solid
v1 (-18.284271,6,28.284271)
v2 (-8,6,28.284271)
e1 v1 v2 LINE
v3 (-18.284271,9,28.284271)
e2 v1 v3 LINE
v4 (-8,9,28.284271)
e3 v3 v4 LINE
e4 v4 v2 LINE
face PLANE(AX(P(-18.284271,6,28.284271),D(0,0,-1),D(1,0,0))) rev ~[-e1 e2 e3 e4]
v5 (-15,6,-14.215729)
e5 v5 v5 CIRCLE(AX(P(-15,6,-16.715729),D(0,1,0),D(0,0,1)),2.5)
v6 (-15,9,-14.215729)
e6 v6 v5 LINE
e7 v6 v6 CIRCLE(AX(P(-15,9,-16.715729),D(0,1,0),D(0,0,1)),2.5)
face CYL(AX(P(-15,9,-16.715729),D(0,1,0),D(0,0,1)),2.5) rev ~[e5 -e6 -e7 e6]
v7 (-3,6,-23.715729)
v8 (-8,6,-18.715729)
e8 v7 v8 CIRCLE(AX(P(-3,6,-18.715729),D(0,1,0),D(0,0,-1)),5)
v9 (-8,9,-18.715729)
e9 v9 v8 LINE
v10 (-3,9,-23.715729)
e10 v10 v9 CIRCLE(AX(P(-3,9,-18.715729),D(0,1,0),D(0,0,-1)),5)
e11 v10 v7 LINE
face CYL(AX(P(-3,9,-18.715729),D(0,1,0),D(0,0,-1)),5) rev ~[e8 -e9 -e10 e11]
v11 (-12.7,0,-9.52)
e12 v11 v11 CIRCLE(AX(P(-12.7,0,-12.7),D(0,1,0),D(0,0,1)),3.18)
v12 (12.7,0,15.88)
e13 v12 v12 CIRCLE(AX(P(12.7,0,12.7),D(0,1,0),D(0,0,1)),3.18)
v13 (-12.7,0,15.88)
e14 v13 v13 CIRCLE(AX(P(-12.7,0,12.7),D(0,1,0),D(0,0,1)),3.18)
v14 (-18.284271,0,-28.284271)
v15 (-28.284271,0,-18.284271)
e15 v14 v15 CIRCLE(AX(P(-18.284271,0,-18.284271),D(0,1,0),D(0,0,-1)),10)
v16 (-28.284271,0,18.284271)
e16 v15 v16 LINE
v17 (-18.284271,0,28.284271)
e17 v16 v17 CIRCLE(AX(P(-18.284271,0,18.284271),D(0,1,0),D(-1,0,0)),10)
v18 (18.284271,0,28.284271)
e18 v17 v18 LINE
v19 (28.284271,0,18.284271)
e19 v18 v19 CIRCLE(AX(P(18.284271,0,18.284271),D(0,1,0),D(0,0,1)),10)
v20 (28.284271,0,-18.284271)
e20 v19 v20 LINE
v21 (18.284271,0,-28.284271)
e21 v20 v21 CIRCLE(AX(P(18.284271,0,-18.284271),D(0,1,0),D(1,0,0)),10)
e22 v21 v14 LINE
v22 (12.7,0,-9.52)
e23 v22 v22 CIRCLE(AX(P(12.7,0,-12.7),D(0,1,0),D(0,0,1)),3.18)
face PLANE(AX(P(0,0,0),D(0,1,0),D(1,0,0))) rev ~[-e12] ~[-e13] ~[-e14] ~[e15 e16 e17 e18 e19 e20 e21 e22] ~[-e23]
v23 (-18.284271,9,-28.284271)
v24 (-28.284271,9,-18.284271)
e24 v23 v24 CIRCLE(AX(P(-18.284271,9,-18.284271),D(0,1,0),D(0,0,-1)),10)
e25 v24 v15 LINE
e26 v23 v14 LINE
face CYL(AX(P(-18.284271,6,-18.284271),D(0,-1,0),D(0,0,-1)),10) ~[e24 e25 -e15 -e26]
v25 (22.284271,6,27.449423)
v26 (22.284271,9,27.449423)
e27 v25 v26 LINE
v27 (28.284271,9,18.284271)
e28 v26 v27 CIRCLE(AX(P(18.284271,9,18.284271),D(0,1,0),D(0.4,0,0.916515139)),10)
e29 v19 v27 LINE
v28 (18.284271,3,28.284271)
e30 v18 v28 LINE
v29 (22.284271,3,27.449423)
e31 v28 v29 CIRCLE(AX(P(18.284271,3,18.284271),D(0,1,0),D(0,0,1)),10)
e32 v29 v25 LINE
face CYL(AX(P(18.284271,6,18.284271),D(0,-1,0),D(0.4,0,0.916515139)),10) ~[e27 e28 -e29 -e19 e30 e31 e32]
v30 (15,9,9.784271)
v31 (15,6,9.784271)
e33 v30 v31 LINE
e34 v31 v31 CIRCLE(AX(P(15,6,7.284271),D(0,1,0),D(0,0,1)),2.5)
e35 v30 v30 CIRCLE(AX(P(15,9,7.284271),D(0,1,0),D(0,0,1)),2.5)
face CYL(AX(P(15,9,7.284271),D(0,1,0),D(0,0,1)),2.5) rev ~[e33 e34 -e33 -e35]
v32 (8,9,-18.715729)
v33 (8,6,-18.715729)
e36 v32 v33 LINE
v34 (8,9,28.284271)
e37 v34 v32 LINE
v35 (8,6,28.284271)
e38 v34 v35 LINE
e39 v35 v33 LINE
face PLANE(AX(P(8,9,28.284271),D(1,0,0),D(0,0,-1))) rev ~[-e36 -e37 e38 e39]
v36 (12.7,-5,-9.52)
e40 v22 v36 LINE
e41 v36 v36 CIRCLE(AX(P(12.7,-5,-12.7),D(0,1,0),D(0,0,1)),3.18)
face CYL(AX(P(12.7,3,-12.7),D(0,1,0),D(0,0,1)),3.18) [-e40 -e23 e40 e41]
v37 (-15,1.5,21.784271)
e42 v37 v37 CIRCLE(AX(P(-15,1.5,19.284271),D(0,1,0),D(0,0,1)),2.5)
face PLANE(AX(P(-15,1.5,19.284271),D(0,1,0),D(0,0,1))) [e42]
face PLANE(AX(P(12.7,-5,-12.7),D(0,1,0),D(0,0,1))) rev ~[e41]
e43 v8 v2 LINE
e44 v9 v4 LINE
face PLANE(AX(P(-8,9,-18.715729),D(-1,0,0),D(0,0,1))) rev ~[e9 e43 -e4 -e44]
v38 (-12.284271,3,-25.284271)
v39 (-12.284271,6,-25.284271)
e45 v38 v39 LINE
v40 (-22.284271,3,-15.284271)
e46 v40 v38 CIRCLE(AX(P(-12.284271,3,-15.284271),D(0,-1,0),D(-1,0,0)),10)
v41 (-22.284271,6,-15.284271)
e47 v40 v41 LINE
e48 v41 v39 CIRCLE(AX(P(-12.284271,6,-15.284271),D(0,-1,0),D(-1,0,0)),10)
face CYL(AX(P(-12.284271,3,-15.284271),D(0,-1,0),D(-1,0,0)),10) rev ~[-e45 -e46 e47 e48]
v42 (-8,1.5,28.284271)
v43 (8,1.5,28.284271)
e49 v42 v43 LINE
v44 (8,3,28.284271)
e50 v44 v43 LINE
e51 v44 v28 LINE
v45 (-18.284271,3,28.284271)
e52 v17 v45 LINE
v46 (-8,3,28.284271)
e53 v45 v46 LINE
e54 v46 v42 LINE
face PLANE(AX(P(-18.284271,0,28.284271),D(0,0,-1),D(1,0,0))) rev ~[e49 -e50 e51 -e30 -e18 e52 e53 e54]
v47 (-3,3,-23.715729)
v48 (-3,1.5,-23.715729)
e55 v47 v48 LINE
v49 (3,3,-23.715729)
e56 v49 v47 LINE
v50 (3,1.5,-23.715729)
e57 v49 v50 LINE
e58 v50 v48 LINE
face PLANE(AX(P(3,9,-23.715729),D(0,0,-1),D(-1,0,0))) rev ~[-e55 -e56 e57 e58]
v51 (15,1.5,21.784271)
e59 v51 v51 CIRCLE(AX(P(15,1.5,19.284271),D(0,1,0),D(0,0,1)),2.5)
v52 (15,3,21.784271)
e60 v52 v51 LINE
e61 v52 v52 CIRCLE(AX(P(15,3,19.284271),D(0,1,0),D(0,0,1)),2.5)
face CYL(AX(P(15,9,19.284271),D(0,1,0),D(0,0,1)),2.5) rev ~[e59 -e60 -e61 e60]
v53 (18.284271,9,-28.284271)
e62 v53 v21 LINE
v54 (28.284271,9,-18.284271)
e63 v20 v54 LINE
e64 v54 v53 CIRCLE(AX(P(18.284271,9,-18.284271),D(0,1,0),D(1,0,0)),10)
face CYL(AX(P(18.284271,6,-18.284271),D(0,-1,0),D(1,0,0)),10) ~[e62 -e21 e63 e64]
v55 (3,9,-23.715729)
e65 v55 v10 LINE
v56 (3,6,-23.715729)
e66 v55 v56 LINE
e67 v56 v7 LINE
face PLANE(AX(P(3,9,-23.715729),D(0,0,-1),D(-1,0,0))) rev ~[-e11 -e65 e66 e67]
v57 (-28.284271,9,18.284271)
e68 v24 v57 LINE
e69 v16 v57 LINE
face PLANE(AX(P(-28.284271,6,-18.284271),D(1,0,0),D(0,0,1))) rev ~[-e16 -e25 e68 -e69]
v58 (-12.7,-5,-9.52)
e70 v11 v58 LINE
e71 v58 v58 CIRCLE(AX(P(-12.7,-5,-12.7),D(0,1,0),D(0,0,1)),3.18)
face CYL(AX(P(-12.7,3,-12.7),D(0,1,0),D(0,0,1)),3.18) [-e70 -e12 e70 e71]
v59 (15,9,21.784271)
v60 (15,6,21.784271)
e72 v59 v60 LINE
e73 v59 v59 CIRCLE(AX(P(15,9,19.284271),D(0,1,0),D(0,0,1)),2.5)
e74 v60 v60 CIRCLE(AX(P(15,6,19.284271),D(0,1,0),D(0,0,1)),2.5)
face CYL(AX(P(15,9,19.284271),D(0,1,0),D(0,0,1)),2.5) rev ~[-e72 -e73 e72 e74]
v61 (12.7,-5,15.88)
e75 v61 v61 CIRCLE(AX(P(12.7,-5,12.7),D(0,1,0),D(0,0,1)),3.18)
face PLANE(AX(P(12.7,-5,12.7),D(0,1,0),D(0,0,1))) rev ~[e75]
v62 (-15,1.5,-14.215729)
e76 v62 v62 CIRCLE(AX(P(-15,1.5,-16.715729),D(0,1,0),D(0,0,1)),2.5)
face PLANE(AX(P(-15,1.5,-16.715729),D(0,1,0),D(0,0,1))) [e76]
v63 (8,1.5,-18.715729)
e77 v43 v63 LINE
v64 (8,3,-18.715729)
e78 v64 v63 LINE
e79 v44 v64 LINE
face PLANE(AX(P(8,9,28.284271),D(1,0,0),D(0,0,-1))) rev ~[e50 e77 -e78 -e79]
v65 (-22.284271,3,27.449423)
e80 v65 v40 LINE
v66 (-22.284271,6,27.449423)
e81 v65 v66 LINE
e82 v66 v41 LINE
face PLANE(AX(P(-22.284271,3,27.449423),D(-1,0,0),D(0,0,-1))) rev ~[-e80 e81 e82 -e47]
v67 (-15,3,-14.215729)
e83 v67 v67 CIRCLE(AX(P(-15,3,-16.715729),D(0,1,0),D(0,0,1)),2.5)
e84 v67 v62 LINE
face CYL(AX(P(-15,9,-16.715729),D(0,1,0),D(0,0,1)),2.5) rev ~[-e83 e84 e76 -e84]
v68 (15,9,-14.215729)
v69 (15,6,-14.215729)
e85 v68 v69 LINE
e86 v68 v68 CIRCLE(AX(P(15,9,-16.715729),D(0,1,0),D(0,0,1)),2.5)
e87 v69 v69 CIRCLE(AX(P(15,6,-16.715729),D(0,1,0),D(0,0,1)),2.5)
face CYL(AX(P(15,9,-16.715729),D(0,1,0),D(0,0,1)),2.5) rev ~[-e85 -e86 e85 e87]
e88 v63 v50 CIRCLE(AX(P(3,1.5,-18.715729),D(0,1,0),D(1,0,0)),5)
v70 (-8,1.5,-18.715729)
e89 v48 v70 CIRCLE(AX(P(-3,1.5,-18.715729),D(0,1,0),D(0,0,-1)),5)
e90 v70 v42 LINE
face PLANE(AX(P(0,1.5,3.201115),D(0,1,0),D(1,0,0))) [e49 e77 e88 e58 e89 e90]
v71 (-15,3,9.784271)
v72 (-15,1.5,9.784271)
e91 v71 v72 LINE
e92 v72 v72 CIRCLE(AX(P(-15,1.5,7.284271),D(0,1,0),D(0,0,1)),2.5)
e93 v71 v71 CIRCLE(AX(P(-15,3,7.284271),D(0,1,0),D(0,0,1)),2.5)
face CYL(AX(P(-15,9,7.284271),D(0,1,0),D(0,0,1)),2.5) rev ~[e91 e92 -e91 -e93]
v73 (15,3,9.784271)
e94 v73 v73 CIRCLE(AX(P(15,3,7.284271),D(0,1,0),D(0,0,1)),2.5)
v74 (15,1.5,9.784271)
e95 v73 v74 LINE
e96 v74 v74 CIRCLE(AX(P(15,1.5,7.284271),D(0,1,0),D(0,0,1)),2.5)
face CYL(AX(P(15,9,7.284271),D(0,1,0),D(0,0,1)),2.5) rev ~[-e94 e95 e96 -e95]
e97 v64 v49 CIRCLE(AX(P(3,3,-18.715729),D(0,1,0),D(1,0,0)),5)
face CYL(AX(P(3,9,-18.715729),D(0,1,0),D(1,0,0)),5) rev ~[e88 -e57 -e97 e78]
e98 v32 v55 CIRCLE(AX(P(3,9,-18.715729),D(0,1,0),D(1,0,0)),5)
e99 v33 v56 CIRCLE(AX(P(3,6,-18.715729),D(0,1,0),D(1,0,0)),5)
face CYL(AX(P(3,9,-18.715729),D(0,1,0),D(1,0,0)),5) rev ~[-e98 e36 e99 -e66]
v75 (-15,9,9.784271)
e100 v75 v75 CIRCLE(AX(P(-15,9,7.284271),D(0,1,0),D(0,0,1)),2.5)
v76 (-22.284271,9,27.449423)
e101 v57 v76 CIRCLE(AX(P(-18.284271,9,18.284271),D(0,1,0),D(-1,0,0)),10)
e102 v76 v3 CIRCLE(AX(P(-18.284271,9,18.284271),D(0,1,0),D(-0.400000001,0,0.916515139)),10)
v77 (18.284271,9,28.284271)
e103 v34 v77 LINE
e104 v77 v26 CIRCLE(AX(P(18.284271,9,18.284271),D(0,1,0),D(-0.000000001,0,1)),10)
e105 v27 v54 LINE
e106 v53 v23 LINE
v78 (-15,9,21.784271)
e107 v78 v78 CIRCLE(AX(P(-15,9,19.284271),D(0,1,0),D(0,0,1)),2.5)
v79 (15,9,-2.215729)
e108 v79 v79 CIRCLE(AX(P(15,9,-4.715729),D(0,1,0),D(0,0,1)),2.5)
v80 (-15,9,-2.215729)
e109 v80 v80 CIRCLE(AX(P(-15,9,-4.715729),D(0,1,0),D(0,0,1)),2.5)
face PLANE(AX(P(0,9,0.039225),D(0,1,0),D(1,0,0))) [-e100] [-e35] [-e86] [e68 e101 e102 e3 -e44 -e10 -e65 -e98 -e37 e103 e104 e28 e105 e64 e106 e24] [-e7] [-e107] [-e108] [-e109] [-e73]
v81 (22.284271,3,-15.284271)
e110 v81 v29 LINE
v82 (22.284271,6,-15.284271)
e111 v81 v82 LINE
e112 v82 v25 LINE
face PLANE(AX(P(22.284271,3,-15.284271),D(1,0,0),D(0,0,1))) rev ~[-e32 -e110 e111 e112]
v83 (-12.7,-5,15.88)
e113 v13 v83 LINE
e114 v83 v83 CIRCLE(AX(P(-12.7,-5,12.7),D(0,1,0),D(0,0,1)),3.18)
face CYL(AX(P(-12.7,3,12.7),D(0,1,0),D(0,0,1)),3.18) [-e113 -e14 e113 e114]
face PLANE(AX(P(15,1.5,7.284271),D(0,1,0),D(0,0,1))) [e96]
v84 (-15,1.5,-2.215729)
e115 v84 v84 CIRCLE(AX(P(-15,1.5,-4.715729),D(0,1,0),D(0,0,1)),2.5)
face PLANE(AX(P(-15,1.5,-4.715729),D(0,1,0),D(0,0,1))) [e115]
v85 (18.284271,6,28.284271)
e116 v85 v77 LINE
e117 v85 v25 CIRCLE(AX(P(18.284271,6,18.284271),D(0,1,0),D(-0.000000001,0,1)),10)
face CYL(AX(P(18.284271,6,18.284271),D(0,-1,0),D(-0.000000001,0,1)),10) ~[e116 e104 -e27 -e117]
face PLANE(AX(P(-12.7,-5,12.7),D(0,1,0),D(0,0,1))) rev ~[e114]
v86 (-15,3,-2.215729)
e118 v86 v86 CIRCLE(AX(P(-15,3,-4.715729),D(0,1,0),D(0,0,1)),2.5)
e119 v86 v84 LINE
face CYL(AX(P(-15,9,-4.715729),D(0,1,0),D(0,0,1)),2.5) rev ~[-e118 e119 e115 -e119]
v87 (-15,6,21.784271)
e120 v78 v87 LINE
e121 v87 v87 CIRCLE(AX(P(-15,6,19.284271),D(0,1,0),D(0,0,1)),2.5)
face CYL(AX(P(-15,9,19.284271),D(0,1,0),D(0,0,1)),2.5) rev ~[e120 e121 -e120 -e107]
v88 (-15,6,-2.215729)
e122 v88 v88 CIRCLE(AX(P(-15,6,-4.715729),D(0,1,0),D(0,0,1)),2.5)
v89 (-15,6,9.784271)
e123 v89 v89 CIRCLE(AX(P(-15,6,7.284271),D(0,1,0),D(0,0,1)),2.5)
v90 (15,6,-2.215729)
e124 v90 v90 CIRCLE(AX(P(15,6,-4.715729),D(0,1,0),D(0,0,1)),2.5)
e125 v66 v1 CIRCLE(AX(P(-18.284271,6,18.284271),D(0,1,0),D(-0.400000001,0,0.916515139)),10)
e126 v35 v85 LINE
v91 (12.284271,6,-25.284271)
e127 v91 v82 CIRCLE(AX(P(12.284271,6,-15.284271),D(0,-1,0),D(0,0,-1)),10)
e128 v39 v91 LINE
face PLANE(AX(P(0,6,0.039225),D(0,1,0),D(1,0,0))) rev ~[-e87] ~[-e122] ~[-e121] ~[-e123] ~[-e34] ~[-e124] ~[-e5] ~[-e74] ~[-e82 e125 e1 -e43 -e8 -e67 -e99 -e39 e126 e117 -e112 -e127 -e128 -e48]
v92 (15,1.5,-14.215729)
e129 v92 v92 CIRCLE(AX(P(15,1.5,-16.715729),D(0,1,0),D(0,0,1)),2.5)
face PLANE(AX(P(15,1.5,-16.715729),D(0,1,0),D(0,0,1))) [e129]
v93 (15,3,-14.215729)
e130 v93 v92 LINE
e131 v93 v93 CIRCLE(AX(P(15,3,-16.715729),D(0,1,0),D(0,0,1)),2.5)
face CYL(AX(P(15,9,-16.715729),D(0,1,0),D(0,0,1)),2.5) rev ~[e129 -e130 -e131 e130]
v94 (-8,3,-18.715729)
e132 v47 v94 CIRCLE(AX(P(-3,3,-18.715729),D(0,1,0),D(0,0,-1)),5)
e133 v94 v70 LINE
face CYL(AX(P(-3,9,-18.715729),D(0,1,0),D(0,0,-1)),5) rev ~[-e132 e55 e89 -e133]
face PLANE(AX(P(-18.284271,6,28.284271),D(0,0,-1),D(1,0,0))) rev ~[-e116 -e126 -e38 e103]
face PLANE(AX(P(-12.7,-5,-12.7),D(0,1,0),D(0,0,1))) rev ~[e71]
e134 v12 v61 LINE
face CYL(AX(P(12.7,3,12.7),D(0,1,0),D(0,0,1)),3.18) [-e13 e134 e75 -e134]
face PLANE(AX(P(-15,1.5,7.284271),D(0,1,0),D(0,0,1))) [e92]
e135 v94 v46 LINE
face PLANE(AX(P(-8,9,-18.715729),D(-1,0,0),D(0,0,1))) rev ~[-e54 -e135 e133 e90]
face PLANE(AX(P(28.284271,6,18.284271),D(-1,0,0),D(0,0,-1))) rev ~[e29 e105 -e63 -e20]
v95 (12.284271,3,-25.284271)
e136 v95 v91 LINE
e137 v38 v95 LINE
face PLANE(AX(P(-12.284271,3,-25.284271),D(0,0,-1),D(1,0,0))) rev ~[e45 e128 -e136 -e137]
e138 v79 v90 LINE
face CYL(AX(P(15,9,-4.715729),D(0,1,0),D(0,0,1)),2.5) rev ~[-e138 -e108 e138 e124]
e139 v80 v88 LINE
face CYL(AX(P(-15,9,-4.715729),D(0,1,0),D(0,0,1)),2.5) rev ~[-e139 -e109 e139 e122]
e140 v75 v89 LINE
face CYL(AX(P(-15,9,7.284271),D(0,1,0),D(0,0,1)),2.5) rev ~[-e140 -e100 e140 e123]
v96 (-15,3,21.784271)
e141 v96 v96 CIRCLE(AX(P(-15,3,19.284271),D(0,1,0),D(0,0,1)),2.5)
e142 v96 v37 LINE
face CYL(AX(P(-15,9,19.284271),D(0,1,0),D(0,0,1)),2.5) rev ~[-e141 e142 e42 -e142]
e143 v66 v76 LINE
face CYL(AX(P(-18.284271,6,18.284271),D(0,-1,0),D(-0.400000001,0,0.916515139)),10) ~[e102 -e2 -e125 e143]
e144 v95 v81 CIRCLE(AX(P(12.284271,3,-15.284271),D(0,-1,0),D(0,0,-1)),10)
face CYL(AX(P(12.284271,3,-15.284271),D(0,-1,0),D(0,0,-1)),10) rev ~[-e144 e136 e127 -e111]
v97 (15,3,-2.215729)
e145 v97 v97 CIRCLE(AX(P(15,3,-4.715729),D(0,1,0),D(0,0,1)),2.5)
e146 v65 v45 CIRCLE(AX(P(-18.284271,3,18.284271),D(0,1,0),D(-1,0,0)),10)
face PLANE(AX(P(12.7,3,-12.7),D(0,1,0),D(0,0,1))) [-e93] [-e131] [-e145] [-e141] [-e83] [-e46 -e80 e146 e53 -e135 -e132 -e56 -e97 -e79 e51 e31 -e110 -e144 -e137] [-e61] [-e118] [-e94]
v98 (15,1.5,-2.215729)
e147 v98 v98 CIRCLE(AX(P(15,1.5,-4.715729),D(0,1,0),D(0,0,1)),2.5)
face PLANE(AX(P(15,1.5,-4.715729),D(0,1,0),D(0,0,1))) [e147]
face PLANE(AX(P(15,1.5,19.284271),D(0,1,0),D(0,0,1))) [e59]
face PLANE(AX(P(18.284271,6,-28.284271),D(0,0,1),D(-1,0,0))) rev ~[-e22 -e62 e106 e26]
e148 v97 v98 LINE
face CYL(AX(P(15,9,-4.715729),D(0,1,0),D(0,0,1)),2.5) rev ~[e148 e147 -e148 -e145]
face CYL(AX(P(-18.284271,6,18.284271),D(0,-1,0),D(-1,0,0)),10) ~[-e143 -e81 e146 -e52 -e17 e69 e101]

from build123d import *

# Parameters (mm, degrees)
EXTRUDE_1_DEPTH     = 3
SKETCH_3_R          = 3.18
EXTRUDE_2_DEPTH     = 8
EXTRUDE_3_DEPTH     = 3
EXTRUDE_4_DEPTH     = 3
SKETCH_7_R          = 2.5
CUT_EXTRUDE_1_DEPTH = 7.5


with BuildPart() as part:
    # 草图2 → 凸台-拉伸1 (new body)
    with BuildSketch(Plane(origin=(0, 0, 0), x_dir=(1, 0, 0), z_dir=(0, 1, 0))):
        with BuildLine():
            Line((28.284271247, -18.284271247), (28.284271247, 18.284271247))
            ThreePointArc((28.284271247, 18.284271247), (25.355339059, 25.355339059), (18.284271247, 28.284271247))
            Line((18.284271247, 28.284271247), (-18.284271247, 28.284271247))
            ThreePointArc((-18.284271247, 28.284271247), (-25.355339059, 25.355339059), (-28.284271247, 18.284271247))
            Line((-28.284271247, 18.284271247), (-28.284271247, -18.284271247))
            ThreePointArc((-28.284271247, -18.284271247), (-25.355339059, -25.355339059), (-18.284271247, -28.284271247))
            Line((-18.284271247, -28.284271247), (18.284271247, -28.284271247))
            ThreePointArc((18.284271247, -28.284271247), (25.355339059, -25.355339059), (28.284271247, -18.284271247))
        make_face()
    extrude(amount=EXTRUDE_1_DEPTH)

    # 草图3 → 凸台-拉伸2 (add)
    with BuildSketch(Plane(origin=(0, 3, 0), x_dir=(1, 0, 0), z_dir=(0, 1, 0))):
        with Locations(Location((12.7, 12.7, 0), (0, 0, 270))):
            Circle(SKETCH_3_R)
        with Locations(Location((12.7, -12.7, 0), (0, 0, 270))):
            Circle(SKETCH_3_R)
        with Locations(Location((-12.7, -12.7, 0), (0, 0, 270))):
            Circle(SKETCH_3_R)
        with Locations(Location((-12.7, 12.7, 0), (0, 0, 270))):
            Circle(SKETCH_3_R)
    extrude(amount=-EXTRUDE_2_DEPTH)

    # 草图5 → 凸台-拉伸3 (add)
    with BuildSketch(Plane(origin=(0, 3, 0), x_dir=(1, 0, 0), z_dir=(0, 1, 0))):
        with BuildLine():
            Line((-12.284271247, 25.284271247), (12.284271247, 25.284271247))
            ThreePointArc((12.284271247, 25.284271247), (19.355339059, 22.355339059), (22.284271247, 15.284271247))
            Line((22.284271247, 15.284271247), (22.284271247, -27.449422637))
            ThreePointArc((22.284271247, -27.449422637), (26.650871513, -23.761496823), (28.284271247, -18.284271247))
            Line((28.284271247, -18.284271247), (28.284271247, 18.284271247))
            ThreePointArc((28.284271247, 18.284271247), (25.355339059, 25.355339059), (18.284271247, 28.284271247))
            Line((18.284271247, 28.284271247), (-18.284271247, 28.284271247))
            ThreePointArc((-18.284271247, 28.284271247), (-25.355339059, 25.355339059), (-28.284271247, 18.284271247))
            Line((-28.284271247, 18.284271247), (-28.284271247, -18.284271247))
            ThreePointArc((-28.284271247, -18.284271247), (-26.650871513, -23.761496823), (-22.284271247, -27.449422637))
            Line((-22.284271247, -27.449422637), (-22.284271247, 15.284271247))
            ThreePointArc((-22.284271247, 15.284271247), (-19.355339059, 22.355339059), (-12.284271247, 25.284271247))
        make_face()
    extrude(amount=EXTRUDE_3_DEPTH)

    # 草图6 → 凸台-拉伸4 (add)
    with BuildSketch(Plane(origin=(0, 6, 0), x_dir=(1, 0, 0), z_dir=(0, 1, 0))):
        with BuildLine():
            Line((-28.284271247, 18.284271247), (-28.284271247, -18.284271247))
            ThreePointArc((-28.284271247, -18.284271247), (-26.650871513, -23.761496823), (-22.284271247, -27.449422637))
            ThreePointArc((-22.284271247, -27.449422637), (-20.327367684, -28.073334377), (-18.284271247, -28.284271247))
            Line((-18.284271247, -28.284271247), (18.284271247, -28.284271247))
            ThreePointArc((18.284271247, -28.284271247), (20.327367684, -28.073334377), (22.284271247, -27.449422637))
            ThreePointArc((22.284271247, -27.449422637), (26.650871513, -23.761496823), (28.284271247, -18.284271247))
            Line((28.284271247, -18.284271247), (28.284271247, 18.284271247))
            ThreePointArc((28.284271247, 18.284271247), (25.355339059, 25.355339059), (18.284271247, 28.284271247))
            Line((18.284271247, 28.284271247), (-18.284271247, 28.284271247))
            ThreePointArc((-18.284271247, 28.284271247), (-25.355339059, 25.355339059), (-28.284271247, 18.284271247))
        make_face()
    extrude(amount=EXTRUDE_4_DEPTH)

    # 草图7 → 切除-拉伸1 (cut)
    with BuildSketch(Plane(origin=(0, 9, 0), x_dir=(1, 0, 0), z_dir=(0, 1, 0))):
        with Locations(Location((-15, 16.715728753, 0), (0, 0, 270))):
            Circle(SKETCH_7_R)
        with Locations(Location((-15, 4.715728753, 0), (0, 0, 270))):
            Circle(SKETCH_7_R)
        with Locations(Location((-15, -7.284271247, 0), (0, 0, 270))):
            Circle(SKETCH_7_R)
        with Locations(Location((-15, -19.284271247, 0), (0, 0, 270))):
            Circle(SKETCH_7_R)
        with Locations(Location((15, -19.284271247, 0), (0, 0, 270))):
            Circle(SKETCH_7_R)
        with Locations(Location((15, -7.284271247, 0), (0, 0, 270))):
            Circle(SKETCH_7_R)
        with Locations(Location((15, 4.715728753, 0), (0, 0, 270))):
            Circle(SKETCH_7_R)
        with Locations(Location((15, 16.715728753, 0), (0, 0, 270))):
            Circle(SKETCH_7_R)
        with BuildLine():
            Line((-8, -28.284271247), (8, -28.284271247))
            Line((8, -28.284271247), (8, 18.715728753))
            ThreePointArc((8, 18.715728753), (6.535533906, 22.251262658), (3, 23.715728753))
            Line((3, 23.715728753), (-3, 23.715728753))
            ThreePointArc((-3, 23.715728753), (-6.535533906, 22.251262658), (-8, 18.715728753))
            Line((-8, 18.715728753), (-8, -28.284271247))
        make_face()
    extrude(amount=-CUT_EXTRUDE_1_DEPTH, mode=Mode.SUBTRACT)


solid = part.part
